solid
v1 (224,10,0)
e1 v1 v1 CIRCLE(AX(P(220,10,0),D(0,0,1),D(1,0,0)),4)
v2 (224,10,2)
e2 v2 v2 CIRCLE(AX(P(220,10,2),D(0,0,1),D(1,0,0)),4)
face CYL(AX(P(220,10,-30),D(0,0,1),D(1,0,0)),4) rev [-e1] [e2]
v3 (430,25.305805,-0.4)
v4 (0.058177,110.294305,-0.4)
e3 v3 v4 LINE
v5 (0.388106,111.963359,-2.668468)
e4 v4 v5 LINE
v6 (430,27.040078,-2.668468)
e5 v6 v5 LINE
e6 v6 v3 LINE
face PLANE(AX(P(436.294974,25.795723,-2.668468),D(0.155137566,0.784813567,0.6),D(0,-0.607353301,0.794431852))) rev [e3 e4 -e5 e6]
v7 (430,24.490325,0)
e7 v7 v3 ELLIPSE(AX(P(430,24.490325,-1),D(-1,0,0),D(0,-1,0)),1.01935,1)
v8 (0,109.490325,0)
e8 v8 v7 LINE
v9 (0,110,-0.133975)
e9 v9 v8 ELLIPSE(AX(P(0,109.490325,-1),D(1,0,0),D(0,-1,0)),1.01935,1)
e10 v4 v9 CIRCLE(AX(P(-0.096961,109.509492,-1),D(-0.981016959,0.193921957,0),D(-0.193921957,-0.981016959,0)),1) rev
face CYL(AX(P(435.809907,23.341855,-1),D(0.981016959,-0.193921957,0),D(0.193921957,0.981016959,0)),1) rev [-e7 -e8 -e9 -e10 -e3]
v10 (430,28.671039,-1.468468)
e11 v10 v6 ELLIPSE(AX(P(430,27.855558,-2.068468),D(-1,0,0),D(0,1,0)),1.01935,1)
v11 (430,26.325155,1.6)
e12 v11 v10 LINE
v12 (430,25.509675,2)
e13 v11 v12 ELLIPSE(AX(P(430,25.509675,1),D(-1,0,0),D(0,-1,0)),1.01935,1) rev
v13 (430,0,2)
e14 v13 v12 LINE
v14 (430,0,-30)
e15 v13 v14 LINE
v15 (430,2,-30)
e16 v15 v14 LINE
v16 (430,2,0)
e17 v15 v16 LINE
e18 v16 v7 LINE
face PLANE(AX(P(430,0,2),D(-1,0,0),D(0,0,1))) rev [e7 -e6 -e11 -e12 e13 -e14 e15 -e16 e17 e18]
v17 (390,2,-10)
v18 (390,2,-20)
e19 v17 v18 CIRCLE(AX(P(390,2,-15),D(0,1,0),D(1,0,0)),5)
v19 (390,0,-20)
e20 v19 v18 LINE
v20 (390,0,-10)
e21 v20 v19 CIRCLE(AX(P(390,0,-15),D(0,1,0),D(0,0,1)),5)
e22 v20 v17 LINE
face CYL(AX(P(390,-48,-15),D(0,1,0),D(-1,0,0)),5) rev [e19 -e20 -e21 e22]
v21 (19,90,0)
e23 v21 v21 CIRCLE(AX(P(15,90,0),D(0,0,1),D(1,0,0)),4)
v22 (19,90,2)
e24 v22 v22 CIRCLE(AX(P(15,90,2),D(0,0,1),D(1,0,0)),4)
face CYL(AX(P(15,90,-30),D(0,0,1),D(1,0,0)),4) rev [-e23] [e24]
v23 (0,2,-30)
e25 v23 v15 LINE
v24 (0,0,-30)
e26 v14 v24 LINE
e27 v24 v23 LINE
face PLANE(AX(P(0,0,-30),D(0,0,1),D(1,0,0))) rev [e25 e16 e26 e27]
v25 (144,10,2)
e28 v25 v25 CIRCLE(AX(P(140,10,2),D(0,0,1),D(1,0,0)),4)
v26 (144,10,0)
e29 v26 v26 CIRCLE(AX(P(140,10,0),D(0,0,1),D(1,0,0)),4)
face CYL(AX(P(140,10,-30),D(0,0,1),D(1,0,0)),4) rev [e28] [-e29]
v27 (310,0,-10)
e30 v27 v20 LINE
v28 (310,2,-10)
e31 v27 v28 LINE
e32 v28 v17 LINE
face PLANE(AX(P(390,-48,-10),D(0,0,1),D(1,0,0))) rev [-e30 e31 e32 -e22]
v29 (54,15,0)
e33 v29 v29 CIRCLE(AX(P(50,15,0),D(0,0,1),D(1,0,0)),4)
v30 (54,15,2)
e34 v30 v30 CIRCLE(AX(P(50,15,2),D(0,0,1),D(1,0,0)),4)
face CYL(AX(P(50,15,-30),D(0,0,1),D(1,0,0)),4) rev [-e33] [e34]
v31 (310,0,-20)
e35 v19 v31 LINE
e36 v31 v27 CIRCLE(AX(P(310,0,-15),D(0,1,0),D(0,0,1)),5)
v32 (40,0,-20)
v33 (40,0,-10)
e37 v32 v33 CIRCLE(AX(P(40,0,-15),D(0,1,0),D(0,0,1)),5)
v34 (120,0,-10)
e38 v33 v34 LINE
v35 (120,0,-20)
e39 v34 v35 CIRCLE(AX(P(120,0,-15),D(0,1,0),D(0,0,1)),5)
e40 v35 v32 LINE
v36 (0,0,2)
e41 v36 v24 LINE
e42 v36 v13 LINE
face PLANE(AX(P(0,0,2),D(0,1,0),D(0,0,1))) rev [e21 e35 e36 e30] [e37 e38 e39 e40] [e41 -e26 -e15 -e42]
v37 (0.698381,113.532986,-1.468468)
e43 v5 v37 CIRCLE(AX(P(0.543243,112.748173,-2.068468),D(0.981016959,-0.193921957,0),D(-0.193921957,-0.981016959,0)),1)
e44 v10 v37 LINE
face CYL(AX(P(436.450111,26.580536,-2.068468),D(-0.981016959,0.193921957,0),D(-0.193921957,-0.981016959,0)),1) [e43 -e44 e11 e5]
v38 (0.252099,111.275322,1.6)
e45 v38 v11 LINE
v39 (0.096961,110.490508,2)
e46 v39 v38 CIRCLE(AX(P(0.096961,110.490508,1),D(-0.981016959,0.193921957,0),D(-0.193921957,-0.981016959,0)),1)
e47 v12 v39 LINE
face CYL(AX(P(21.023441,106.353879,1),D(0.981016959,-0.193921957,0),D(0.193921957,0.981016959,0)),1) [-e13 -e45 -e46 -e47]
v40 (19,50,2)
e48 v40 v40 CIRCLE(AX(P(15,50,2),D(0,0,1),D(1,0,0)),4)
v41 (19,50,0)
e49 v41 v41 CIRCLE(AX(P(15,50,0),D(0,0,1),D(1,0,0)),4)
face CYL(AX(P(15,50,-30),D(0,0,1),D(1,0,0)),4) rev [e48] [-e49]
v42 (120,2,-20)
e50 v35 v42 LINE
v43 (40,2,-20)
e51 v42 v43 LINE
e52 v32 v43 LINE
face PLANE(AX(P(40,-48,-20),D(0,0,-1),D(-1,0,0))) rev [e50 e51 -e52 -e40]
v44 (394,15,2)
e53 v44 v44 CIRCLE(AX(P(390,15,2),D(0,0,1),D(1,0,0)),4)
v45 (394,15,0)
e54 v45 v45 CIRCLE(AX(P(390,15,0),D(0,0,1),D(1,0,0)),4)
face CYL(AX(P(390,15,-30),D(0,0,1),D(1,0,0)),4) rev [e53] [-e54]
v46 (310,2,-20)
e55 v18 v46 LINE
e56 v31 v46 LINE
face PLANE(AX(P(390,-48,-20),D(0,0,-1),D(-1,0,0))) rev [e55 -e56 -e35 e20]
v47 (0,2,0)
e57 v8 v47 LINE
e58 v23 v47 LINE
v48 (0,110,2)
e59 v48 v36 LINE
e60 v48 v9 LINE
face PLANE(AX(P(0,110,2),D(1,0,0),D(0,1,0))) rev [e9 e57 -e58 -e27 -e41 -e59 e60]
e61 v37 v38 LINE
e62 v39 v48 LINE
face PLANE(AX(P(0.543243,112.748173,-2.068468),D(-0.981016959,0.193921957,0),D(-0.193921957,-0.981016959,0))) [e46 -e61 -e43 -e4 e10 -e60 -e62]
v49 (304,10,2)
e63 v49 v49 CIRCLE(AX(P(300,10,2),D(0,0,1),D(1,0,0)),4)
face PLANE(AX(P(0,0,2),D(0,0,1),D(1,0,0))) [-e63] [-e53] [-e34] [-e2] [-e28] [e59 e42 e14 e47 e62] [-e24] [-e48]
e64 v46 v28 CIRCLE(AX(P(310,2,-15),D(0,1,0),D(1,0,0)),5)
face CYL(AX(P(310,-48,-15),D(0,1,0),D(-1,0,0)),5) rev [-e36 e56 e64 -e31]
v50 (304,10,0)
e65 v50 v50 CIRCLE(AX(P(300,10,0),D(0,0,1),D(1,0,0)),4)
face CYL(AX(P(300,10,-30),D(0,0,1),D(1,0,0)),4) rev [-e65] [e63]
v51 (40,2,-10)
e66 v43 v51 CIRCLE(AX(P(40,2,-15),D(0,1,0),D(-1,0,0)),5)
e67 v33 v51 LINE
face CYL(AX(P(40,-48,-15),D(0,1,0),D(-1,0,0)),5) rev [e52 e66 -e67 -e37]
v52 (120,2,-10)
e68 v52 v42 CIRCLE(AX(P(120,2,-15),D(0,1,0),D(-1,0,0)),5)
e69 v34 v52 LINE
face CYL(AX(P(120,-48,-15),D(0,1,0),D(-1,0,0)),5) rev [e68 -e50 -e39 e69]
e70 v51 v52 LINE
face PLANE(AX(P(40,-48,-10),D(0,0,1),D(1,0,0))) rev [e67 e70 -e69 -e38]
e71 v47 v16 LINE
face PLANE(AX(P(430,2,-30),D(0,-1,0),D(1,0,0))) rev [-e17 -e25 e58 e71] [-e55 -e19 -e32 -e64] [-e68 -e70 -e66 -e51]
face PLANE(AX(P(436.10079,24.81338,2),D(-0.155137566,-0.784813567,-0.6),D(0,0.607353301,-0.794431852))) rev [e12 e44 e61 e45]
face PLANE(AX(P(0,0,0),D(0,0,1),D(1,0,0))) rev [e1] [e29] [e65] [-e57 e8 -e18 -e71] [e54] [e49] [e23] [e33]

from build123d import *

# Parameters (mm, degrees)
BOSS_EXTRUDE1_DEPTH = 2
SKETCH3_W           = 430
SKETCH3_H           = 2
BOSS_EXTRUDE2_DEPTH = 30
CUT_EXTRUDE1_DEPTH  = 50
SKETCH7_R           = 4
CUT_EXTRUDE2_DEPTH  = 445.998876403
SKETCH8_R           = 4
CUT_EXTRUDE3_DEPTH  = 445.998876403
BOSS_EXTRUDE4_REACH = 466.157
FILLET3_R           = 1


with BuildPart() as part:
    # Sketch2 → Boss-Extrude1 (new body)
    with BuildSketch(Plane.XY):
        Polygon((0, 0), (430, 0), (430, 25), (0, 110), align=None)
    extrude(amount=BOSS_EXTRUDE1_DEPTH)

    # Sketch3 → Boss-Extrude2 (add)
    with BuildSketch(Plane(origin=(0, 0, 0), x_dir=(-1, 0, 0), z_dir=(0, 0, -1))):
        with Locations((-215, 1)):
            Rectangle(SKETCH3_W, SKETCH3_H)
    extrude(amount=BOSS_EXTRUDE2_DEPTH)

    # Sketch4 → Cut-Extrude1 (cut)
    with BuildSketch(Plane(origin=(0, 2, 0), x_dir=(1, 0, 0), z_dir=(0, 1, 0))):
        with BuildLine():
            Line((40, 20), (120, 20))
            ThreePointArc((120, 20), (125, 15), (120, 10))
            Line((120, 10), (40, 10))
            ThreePointArc((40, 10), (35, 15), (40, 20))
        make_face()
        with BuildLine():
            Line((390, 20), (310, 20))
            ThreePointArc((310, 20), (305, 15), (310, 10))
            Line((310, 10), (390, 10))
            ThreePointArc((390, 10), (395, 15), (390, 20))
        make_face()
    extrude(amount=-CUT_EXTRUDE1_DEPTH, mode=Mode.SUBTRACT)

    # Sketch7 → Cut-Extrude2 (cut, through all)
    with BuildSketch(Plane.XY.offset(2)):
        with Locations((15, 50)):
            Circle(SKETCH7_R)
        with Locations((50, 15)):
            Circle(SKETCH7_R)
        with Locations((390, 15)):
            Circle(SKETCH7_R)
        with Locations((15, 90)):
            Circle(SKETCH7_R)
    extrude(amount=-CUT_EXTRUDE2_DEPTH, mode=Mode.SUBTRACT)

    # Sketch8 → Cut-Extrude3 (cut, through all)
    with BuildSketch(Plane.XY.offset(2)):
        with Locations((140, 10)):
            Circle(SKETCH8_R)
        with Locations((220, 10)):
            Circle(SKETCH8_R)
        with Locations((300, 10)):
            Circle(SKETCH8_R)
    extrude(amount=-CUT_EXTRUDE3_DEPTH, mode=Mode.SUBTRACT)

    # Boss-Extrude4: up to this plane
    boss_extrude4_end = Plane(origin=(430, 0, 2), z_dir=(-1, 0, 0))
    # Sketch12 → Boss-Extrude4 (add, up to the surface)
    with BuildSketch(Plane(origin=(-20.926480156, 4.136629798, 0), x_dir=(0, 0, -1), z_dir=(0.9810169593645325, -0.19392195708368665, 0)), mode=Mode.PRIVATE) as boss_extrude4_sk1:
        with BuildLine():
            Line((2.668468057, 109.913216573), (0, 107.91186553))
            Line((0, 107.91186553), (-2, 107.91186553))
            Line((-2, 107.91186553), (-2, 108.91186553))
            Line((-2, 108.91186553), (1.468468057, 111.513216573))
            ThreePointArc((1.468468057, 111.513216573), (2.868468057, 111.313216573), (2.668468057, 109.913216573))
        make_face()
    boss_extrude4_tool1 = split(extrude(boss_extrude4_sk1.sketch, amount=BOSS_EXTRUDE4_REACH, mode=Mode.PRIVATE), bisect_by=boss_extrude4_end, keep=Keep.BOTH, mode=Mode.PRIVATE)
    add(boss_extrude4_tool1.solids().sort_by_distance((0.341058, 111.725355, -0.613229))[0])

    # Fillet3
    fillet3_edges = [part.edges().sort_by_distance(p)[0] for p in [
        (215.096960979, 68.500183664, 2),
        (215, 67.5, 0),
    ]]
    fillet(fillet3_edges, radius=FILLET3_R)


solid = part.part
